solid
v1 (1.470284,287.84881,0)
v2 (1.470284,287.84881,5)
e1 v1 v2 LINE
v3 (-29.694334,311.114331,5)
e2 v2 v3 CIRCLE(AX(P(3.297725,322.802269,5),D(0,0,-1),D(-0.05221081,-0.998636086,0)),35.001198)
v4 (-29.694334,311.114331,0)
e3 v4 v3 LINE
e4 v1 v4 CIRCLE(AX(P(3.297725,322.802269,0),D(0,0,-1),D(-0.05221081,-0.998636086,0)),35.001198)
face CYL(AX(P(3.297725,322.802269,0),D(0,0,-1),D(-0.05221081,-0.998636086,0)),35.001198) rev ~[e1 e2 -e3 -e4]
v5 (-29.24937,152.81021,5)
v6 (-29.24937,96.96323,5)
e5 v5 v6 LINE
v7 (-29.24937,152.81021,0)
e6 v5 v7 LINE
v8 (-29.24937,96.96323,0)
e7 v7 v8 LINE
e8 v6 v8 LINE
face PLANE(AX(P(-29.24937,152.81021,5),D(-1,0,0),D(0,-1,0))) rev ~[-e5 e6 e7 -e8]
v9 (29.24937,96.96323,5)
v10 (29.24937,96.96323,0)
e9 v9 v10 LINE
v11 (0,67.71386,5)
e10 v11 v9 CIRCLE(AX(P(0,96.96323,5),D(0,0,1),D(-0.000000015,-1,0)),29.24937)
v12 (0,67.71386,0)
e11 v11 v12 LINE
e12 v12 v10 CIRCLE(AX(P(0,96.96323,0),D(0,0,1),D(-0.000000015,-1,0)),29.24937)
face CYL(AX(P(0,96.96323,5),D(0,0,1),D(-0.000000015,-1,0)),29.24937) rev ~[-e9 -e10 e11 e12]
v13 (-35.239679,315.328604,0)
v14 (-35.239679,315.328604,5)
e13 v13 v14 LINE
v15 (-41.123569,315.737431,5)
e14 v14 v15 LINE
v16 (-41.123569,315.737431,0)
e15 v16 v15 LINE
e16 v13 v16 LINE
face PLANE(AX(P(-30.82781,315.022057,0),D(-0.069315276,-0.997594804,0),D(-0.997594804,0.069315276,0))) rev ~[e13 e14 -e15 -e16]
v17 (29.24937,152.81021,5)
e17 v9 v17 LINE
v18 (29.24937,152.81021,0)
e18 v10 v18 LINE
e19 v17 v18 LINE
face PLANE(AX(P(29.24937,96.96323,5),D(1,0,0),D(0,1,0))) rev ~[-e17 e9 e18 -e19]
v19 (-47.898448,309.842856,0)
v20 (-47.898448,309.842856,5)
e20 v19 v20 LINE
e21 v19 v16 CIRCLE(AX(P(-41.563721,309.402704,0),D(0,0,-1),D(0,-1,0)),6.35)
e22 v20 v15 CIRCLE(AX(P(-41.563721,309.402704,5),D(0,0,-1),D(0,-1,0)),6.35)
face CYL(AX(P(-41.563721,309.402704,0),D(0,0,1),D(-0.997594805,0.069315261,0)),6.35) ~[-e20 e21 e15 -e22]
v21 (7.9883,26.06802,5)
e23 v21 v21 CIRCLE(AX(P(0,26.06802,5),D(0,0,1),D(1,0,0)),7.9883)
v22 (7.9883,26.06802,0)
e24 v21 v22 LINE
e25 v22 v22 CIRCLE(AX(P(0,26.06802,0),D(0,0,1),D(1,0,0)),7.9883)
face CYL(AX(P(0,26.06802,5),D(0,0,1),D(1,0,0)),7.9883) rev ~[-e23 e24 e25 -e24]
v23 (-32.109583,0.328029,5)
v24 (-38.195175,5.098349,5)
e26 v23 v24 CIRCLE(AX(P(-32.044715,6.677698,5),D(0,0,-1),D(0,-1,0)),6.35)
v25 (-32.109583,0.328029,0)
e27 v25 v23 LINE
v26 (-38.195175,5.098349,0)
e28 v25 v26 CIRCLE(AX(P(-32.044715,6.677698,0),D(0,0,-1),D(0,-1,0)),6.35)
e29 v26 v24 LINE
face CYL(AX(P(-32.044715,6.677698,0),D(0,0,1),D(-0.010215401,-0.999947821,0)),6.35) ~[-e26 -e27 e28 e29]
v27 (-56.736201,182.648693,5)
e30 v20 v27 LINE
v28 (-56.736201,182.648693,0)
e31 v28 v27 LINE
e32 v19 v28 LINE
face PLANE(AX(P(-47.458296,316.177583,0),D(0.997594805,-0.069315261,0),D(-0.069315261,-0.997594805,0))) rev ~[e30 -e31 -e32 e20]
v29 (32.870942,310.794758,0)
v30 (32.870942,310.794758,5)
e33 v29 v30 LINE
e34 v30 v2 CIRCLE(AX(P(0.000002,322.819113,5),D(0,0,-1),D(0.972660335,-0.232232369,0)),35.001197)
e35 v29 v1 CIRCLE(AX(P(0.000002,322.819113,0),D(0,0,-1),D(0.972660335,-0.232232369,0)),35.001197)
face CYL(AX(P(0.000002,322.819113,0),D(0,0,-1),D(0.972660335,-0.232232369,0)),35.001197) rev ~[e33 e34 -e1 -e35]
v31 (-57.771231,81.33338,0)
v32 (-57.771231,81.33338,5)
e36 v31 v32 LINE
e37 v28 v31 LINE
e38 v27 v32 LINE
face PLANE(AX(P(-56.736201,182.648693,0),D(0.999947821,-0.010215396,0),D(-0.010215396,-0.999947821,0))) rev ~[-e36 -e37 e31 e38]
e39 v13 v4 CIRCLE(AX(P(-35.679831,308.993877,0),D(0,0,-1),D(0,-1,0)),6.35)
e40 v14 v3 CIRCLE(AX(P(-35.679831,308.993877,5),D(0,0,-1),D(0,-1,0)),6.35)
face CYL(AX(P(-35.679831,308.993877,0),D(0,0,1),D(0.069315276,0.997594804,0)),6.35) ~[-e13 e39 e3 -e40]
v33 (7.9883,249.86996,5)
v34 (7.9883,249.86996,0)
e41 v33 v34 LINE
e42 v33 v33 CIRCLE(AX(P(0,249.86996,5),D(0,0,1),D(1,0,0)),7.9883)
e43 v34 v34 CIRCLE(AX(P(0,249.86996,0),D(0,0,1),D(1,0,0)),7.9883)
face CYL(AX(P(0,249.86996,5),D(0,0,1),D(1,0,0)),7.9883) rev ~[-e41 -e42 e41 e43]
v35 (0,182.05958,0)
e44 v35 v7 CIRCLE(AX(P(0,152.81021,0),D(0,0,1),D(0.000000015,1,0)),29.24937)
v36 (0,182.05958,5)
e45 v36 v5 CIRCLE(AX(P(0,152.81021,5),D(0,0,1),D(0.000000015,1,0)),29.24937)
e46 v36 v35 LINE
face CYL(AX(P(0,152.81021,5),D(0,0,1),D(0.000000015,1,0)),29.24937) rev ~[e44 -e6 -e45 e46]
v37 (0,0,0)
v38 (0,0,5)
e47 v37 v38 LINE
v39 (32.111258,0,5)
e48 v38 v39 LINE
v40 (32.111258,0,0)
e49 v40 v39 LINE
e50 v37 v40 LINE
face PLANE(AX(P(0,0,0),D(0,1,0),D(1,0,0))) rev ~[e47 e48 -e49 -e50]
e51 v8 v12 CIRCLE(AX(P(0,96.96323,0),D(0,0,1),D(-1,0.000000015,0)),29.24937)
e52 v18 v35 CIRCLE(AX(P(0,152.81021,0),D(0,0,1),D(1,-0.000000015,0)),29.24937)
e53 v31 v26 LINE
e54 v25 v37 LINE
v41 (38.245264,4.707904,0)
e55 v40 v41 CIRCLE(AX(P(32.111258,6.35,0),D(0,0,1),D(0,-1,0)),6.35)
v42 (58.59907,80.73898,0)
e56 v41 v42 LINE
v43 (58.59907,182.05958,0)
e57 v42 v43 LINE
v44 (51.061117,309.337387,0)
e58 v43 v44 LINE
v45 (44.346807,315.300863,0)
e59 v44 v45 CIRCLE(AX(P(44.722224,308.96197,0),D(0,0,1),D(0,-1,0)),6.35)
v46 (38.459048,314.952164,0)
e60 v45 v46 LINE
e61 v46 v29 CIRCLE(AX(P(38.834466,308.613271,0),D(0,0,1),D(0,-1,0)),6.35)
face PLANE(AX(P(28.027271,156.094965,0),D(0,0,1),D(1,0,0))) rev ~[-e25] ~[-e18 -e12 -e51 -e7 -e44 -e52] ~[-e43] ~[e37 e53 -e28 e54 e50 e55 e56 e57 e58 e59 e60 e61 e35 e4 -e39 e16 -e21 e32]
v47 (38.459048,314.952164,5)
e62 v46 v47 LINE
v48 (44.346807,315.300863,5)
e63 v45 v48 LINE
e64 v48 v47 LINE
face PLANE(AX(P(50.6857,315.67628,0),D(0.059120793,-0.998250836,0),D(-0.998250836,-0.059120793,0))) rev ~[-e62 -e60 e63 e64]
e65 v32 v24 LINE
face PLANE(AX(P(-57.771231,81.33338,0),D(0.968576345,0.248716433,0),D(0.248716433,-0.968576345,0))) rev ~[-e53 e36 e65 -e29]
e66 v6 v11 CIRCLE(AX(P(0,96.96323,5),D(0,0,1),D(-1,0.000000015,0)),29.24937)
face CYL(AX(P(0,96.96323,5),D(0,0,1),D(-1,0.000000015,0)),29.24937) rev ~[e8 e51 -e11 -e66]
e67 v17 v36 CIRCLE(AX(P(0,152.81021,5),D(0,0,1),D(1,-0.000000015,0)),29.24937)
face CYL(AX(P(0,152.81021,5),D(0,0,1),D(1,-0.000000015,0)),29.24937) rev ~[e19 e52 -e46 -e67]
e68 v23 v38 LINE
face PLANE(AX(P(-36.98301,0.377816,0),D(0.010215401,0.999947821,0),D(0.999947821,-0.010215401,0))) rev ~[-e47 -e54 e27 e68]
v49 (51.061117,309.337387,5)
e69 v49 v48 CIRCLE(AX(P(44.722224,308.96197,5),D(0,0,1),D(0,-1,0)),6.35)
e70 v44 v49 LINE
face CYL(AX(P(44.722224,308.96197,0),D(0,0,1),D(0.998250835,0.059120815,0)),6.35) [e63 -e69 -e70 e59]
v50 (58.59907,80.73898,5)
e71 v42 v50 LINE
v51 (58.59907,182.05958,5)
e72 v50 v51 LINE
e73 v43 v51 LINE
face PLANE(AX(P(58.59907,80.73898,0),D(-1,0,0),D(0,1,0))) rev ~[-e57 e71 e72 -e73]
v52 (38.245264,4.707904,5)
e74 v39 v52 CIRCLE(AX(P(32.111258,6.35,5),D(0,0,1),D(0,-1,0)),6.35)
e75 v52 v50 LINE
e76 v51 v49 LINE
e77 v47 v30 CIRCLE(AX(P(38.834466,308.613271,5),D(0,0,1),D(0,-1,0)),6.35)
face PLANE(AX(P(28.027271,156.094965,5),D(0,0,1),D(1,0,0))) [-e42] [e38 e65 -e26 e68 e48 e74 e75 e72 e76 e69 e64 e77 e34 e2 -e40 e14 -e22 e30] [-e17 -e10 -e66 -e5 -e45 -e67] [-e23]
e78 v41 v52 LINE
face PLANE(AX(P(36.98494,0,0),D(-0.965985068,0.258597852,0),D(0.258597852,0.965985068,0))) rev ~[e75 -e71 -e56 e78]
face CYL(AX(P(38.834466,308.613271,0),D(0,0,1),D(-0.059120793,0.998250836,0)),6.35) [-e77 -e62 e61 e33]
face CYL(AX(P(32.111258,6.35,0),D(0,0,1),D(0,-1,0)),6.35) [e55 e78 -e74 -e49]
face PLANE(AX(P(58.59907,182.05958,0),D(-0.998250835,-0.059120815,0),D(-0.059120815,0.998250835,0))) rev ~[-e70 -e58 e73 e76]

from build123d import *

# Parameters (mm, degrees)
F1_DEPTH = 5
F2_R     = 7.9883
F3_DEPTH = 25.4
F6_DEPTH = 25.4
F7_R     = 6.35


with BuildPart() as f1:
    # F0 (on Top) → F1 (new body)
    with BuildSketch(Plane.XY):
        with BuildLine():
            Line((1.470284, 287.84881), (0, 0))
            Line((0, 0), (36.98494, 0))
            Line((36.98494, 0), (58.59907, 80.73898))
            Line((58.59907, 80.73898), (58.59907, 182.05958))
            Line((58.59907, 182.05958), (50.6857, 315.67628))
            Line((50.6857, 315.67628), (34.044278, 314.690702))
            ThreePointArc((34.044278, 314.690702), (22.258545, 295.807244), (1.470284, 287.84881))
        make_face()
        with BuildLine():
            Line((-36.98301, 0.377816), (0, 0))
            Line((0, 0), (1.470284, 287.84881))
            ThreePointArc((1.470284, 287.84881), (-19.235594, 296.019189), (-30.82781, 315.022057))
            Line((-30.82781, 315.022057), (-47.458296, 316.177583))
            Line((-47.458296, 316.177583), (-56.736201, 182.648693))
            Line((-56.736201, 182.648693), (-57.771231, 81.33338))
            Line((-57.771231, 81.33338), (-36.98301, 0.377816))
        make_face()
    extrude(amount=F1_DEPTH)

    # F2 (on face) → F3 (cut)
    with BuildSketch(Plane.XY.offset(5)):
        with Locations((0, 249.86996)):
            Circle(F2_R)
        with Locations((0, 26.06802)):
            Circle(F2_R)
    extrude(amount=-F3_DEPTH, mode=Mode.SUBTRACT)

    # F5 (on face) → F6 (cut)
    with BuildSketch(Plane.XY.offset(5)):
        with BuildLine():
            ThreePointArc((-29.24937, 96.96323), (-20.682428, 76.280802), (0, 67.71386))
            ThreePointArc((0, 67.71386), (20.682428, 76.280802), (29.24937, 96.96323))
            Line((29.24937, 96.96323), (29.24937, 152.81021))
            ThreePointArc((29.24937, 152.81021), (20.682428, 173.492638), (0, 182.05958))
            ThreePointArc((0, 182.05958), (-20.682428, 173.492638), (-29.24937, 152.81021))
            Line((-29.24937, 152.81021), (-29.24937, 96.96323))
        make_face()
    extrude(amount=-F6_DEPTH, mode=Mode.SUBTRACT)

    # F7
    f7_edges = [f1.edges().sort_by_distance(p)[0] for p in [
        (-36.98301, 0.377816, 2.5),
        (36.98494, 0, 2.5),
        (50.6857, 315.67628, 2.5),
        (34.044278, 314.690702, 2.5),
        (-30.82781, 315.022057, 2.5),
        (-47.458296, 316.177583, 2.5),
    ]]
    fillet(f7_edges, radius=F7_R)


solid = f1.part
